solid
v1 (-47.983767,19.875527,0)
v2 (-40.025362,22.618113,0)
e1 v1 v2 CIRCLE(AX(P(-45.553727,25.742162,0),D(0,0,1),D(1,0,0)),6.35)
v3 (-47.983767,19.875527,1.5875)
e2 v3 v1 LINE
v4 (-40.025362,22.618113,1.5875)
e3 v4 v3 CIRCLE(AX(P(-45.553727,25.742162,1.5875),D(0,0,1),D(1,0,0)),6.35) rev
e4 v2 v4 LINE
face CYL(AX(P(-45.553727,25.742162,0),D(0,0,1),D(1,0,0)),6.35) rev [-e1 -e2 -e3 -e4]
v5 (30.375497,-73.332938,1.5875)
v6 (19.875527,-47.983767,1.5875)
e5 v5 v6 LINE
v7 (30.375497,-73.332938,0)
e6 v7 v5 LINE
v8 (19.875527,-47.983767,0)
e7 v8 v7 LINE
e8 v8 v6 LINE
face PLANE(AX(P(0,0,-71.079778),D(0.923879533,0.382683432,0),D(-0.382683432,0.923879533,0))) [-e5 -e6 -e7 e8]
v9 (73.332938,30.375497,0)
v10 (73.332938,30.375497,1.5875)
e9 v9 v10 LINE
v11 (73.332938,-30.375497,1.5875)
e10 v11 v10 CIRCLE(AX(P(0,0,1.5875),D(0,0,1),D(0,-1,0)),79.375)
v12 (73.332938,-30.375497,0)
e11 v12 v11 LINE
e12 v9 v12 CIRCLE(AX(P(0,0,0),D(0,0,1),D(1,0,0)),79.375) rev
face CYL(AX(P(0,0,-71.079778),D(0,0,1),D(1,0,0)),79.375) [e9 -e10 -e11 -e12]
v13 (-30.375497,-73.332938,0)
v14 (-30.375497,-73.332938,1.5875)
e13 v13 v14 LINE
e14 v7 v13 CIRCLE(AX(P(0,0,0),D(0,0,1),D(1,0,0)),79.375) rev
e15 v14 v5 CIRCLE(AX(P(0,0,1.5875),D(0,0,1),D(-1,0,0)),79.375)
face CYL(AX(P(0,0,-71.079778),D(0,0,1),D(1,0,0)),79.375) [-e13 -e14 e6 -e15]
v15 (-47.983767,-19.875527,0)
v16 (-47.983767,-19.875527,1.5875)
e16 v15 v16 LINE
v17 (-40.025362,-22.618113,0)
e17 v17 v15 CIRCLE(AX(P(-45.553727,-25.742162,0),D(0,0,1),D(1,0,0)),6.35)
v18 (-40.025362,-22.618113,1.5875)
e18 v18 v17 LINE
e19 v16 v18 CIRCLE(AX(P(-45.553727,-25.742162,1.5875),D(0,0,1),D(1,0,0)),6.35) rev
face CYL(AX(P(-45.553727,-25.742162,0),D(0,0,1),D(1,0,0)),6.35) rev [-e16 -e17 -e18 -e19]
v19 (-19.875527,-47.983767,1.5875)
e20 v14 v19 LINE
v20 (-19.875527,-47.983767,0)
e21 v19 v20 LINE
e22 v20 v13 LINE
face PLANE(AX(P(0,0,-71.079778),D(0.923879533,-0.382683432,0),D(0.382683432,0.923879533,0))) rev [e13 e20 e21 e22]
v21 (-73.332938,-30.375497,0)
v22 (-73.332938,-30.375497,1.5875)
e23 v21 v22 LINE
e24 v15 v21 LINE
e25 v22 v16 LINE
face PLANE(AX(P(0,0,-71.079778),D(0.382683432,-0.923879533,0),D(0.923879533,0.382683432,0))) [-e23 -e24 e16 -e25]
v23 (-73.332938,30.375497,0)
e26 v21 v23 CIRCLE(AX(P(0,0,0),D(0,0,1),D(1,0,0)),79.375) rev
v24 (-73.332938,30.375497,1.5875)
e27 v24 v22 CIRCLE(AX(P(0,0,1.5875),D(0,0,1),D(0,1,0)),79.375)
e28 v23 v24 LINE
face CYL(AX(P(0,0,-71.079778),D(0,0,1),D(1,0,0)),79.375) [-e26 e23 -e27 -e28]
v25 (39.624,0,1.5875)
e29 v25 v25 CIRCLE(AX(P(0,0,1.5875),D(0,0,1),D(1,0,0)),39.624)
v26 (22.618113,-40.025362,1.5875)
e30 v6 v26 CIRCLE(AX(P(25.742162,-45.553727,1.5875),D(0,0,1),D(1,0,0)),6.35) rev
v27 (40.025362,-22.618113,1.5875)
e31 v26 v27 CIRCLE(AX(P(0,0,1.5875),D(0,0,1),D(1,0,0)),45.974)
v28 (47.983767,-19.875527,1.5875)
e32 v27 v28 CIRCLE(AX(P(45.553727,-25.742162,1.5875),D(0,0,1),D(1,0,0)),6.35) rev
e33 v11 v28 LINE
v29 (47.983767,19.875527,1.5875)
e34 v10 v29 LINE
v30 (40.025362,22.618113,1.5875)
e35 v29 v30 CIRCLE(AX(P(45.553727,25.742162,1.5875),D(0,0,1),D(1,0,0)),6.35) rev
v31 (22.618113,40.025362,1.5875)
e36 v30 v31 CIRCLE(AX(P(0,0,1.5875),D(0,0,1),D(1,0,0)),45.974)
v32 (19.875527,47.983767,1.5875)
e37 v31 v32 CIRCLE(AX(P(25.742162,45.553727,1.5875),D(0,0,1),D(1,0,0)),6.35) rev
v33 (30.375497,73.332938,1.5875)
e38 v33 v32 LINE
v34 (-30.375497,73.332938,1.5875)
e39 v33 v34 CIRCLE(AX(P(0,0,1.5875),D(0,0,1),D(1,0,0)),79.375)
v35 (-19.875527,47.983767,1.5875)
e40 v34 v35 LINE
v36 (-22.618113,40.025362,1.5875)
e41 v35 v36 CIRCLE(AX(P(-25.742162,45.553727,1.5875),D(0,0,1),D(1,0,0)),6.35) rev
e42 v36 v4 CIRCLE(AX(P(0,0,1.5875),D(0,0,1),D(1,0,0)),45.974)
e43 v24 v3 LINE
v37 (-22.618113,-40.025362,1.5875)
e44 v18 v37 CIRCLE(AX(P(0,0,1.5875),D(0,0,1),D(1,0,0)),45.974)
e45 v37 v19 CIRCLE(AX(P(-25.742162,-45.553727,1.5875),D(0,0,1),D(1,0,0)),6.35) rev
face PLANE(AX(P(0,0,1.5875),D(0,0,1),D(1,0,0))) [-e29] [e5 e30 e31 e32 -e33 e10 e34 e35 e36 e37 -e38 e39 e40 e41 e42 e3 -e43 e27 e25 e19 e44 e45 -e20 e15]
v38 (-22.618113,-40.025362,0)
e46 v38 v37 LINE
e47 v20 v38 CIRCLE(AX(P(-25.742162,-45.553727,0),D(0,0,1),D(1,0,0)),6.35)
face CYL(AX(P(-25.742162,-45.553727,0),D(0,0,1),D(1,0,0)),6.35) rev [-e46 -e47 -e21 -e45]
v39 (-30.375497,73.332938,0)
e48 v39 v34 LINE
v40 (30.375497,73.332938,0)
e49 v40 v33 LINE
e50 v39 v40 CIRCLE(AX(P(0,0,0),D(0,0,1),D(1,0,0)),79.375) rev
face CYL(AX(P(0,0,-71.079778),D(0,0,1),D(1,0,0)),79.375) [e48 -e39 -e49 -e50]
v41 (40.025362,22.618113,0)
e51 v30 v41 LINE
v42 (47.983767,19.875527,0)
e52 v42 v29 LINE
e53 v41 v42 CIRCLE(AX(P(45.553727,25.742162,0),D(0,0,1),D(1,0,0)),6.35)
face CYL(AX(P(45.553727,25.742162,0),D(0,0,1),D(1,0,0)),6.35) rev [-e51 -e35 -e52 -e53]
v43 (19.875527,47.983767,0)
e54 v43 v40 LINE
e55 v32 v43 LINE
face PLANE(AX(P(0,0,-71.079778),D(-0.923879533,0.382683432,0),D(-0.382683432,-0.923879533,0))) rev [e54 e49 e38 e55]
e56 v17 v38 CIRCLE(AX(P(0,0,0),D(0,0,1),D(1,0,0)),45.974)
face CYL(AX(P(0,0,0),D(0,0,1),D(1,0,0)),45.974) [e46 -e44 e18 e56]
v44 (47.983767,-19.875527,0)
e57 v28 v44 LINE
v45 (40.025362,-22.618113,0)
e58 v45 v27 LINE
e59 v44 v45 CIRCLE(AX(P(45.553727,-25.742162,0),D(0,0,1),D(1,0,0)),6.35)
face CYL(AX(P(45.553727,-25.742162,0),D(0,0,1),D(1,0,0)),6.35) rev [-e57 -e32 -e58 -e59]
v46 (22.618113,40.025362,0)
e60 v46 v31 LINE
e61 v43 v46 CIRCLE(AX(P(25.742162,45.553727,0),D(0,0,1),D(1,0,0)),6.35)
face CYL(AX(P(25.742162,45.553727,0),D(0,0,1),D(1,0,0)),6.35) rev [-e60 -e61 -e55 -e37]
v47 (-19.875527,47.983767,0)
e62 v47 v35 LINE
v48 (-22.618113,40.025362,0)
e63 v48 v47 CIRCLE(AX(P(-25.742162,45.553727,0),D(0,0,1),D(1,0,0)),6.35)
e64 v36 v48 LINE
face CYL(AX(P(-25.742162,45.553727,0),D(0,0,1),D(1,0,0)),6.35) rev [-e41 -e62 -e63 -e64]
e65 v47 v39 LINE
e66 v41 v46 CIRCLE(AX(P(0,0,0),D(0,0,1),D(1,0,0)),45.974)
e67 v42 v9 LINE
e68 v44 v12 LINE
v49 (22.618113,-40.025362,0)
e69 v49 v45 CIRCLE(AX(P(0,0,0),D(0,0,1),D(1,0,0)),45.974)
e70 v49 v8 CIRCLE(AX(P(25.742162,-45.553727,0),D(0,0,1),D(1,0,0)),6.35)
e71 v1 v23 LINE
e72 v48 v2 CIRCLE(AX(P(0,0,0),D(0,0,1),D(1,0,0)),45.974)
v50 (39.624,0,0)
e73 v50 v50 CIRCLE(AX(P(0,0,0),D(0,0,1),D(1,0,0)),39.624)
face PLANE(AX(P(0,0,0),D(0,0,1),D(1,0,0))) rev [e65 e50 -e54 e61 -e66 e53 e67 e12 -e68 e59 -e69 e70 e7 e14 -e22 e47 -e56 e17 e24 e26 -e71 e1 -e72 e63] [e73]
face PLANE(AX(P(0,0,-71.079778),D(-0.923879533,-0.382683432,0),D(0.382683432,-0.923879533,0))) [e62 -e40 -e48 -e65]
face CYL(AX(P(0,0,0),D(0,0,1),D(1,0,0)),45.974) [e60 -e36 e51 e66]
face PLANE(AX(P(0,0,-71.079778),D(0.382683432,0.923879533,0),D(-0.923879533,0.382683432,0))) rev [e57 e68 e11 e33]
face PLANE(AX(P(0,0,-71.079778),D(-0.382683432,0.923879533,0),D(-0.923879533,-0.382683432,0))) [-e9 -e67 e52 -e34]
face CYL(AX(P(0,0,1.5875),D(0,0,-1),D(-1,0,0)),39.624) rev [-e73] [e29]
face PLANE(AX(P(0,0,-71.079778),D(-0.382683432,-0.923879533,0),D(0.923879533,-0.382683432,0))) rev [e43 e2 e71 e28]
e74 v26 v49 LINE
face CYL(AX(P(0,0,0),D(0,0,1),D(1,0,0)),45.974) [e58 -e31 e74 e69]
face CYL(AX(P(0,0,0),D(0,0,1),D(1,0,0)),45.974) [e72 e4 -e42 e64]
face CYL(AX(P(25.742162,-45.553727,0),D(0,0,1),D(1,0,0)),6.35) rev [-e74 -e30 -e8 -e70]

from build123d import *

# Parameters (mm, degrees)
SKETCH1_R                = 79.375
SKETCH1_R_2              = 39.624
BOSS_EXTRUDE1_DEPTH      = 1.5875
SKETCH2_R                = 79.375
SKETCH2_R_2              = 45.974
CUT_EXTRUDE1_DEPTH       = 2.5875
BOSS_EXTRUDE2_DEPTH      = 1.5875
FILLET1_R                = 6.35
CIRPATTERN1_COUNT        = 4
FILLET1_OF_CIRPATTERN1_R = 6.35


with BuildPart() as part:
    # Sketch1 → Boss-Extrude1 (new body)
    with BuildSketch(Plane.XY):
        Circle(SKETCH1_R)
        Circle(SKETCH1_R_2, mode=Mode.SUBTRACT)
    extrude(amount=BOSS_EXTRUDE1_DEPTH)

    # Sketch2 → Cut-Extrude1 (cut, through all)
    with BuildSketch(Plane.XY.offset(1.5875)):
        Circle(SKETCH2_R)
        Circle(SKETCH2_R_2, mode=Mode.SUBTRACT)
    extrude(amount=-CUT_EXTRUDE1_DEPTH, mode=Mode.SUBTRACT)

    # Sketch3 → Boss-Extrude2 (add)
    with BuildSketch(Plane.XY.offset(1.5875)):
        with BuildLine():
            ThreePointArc((30.375497444, 73.332937893), (0, 79.375), (-30.375497444, 73.332937893))
            Line((-30.375497444, 73.332937893), (-17.59348812, 42.474437628))
            ThreePointArc((-17.59348812, 42.474437628), (0, 45.974), (17.59348812, 42.474437628))
            Line((17.59348812, 42.474437628), (30.375497444, 73.332937893))
        make_face()
    boss_extrude2 = extrude(amount=-BOSS_EXTRUDE2_DEPTH)

    # Fillet1
    fillet1_edges = [part.edges().sort_by_distance(p)[0] for p in [
        (17.59348812, 42.474437628, 0.79375),
        (-17.59348812, 42.474437628, 0.79375),
    ]]
    fillet(fillet1_edges, radius=FILLET1_R)

    # CirPattern1: Boss-Extrude2 ×4 about axis
    cirpattern1_axis = Axis((0, 0, 0), (0, 0, 1))
    for i in range(1, CIRPATTERN1_COUNT):
        add(boss_extrude2.rotate(cirpattern1_axis, i * 360 / CIRPATTERN1_COUNT))

    # Fillet1 of CirPattern1
    fillet1_of_cirpattern1_edges = [part.edges().sort_by_distance(p)[0] for p in [
        (-42.474437628, 17.59348812, 0.79375),
        (-42.474437628, -17.59348812, 0.79375),
        (-17.59348812, -42.474437628, 0.79375),
        (17.59348812, -42.474437628, 0.79375),
        (42.474437628, -17.59348812, 0.79375),
        (42.474437628, 17.59348812, 0.79375),
    ]]
    fillet(fillet1_of_cirpattern1_edges, radius=FILLET1_OF_CIRPATTERN1_R)


solid = part.part
